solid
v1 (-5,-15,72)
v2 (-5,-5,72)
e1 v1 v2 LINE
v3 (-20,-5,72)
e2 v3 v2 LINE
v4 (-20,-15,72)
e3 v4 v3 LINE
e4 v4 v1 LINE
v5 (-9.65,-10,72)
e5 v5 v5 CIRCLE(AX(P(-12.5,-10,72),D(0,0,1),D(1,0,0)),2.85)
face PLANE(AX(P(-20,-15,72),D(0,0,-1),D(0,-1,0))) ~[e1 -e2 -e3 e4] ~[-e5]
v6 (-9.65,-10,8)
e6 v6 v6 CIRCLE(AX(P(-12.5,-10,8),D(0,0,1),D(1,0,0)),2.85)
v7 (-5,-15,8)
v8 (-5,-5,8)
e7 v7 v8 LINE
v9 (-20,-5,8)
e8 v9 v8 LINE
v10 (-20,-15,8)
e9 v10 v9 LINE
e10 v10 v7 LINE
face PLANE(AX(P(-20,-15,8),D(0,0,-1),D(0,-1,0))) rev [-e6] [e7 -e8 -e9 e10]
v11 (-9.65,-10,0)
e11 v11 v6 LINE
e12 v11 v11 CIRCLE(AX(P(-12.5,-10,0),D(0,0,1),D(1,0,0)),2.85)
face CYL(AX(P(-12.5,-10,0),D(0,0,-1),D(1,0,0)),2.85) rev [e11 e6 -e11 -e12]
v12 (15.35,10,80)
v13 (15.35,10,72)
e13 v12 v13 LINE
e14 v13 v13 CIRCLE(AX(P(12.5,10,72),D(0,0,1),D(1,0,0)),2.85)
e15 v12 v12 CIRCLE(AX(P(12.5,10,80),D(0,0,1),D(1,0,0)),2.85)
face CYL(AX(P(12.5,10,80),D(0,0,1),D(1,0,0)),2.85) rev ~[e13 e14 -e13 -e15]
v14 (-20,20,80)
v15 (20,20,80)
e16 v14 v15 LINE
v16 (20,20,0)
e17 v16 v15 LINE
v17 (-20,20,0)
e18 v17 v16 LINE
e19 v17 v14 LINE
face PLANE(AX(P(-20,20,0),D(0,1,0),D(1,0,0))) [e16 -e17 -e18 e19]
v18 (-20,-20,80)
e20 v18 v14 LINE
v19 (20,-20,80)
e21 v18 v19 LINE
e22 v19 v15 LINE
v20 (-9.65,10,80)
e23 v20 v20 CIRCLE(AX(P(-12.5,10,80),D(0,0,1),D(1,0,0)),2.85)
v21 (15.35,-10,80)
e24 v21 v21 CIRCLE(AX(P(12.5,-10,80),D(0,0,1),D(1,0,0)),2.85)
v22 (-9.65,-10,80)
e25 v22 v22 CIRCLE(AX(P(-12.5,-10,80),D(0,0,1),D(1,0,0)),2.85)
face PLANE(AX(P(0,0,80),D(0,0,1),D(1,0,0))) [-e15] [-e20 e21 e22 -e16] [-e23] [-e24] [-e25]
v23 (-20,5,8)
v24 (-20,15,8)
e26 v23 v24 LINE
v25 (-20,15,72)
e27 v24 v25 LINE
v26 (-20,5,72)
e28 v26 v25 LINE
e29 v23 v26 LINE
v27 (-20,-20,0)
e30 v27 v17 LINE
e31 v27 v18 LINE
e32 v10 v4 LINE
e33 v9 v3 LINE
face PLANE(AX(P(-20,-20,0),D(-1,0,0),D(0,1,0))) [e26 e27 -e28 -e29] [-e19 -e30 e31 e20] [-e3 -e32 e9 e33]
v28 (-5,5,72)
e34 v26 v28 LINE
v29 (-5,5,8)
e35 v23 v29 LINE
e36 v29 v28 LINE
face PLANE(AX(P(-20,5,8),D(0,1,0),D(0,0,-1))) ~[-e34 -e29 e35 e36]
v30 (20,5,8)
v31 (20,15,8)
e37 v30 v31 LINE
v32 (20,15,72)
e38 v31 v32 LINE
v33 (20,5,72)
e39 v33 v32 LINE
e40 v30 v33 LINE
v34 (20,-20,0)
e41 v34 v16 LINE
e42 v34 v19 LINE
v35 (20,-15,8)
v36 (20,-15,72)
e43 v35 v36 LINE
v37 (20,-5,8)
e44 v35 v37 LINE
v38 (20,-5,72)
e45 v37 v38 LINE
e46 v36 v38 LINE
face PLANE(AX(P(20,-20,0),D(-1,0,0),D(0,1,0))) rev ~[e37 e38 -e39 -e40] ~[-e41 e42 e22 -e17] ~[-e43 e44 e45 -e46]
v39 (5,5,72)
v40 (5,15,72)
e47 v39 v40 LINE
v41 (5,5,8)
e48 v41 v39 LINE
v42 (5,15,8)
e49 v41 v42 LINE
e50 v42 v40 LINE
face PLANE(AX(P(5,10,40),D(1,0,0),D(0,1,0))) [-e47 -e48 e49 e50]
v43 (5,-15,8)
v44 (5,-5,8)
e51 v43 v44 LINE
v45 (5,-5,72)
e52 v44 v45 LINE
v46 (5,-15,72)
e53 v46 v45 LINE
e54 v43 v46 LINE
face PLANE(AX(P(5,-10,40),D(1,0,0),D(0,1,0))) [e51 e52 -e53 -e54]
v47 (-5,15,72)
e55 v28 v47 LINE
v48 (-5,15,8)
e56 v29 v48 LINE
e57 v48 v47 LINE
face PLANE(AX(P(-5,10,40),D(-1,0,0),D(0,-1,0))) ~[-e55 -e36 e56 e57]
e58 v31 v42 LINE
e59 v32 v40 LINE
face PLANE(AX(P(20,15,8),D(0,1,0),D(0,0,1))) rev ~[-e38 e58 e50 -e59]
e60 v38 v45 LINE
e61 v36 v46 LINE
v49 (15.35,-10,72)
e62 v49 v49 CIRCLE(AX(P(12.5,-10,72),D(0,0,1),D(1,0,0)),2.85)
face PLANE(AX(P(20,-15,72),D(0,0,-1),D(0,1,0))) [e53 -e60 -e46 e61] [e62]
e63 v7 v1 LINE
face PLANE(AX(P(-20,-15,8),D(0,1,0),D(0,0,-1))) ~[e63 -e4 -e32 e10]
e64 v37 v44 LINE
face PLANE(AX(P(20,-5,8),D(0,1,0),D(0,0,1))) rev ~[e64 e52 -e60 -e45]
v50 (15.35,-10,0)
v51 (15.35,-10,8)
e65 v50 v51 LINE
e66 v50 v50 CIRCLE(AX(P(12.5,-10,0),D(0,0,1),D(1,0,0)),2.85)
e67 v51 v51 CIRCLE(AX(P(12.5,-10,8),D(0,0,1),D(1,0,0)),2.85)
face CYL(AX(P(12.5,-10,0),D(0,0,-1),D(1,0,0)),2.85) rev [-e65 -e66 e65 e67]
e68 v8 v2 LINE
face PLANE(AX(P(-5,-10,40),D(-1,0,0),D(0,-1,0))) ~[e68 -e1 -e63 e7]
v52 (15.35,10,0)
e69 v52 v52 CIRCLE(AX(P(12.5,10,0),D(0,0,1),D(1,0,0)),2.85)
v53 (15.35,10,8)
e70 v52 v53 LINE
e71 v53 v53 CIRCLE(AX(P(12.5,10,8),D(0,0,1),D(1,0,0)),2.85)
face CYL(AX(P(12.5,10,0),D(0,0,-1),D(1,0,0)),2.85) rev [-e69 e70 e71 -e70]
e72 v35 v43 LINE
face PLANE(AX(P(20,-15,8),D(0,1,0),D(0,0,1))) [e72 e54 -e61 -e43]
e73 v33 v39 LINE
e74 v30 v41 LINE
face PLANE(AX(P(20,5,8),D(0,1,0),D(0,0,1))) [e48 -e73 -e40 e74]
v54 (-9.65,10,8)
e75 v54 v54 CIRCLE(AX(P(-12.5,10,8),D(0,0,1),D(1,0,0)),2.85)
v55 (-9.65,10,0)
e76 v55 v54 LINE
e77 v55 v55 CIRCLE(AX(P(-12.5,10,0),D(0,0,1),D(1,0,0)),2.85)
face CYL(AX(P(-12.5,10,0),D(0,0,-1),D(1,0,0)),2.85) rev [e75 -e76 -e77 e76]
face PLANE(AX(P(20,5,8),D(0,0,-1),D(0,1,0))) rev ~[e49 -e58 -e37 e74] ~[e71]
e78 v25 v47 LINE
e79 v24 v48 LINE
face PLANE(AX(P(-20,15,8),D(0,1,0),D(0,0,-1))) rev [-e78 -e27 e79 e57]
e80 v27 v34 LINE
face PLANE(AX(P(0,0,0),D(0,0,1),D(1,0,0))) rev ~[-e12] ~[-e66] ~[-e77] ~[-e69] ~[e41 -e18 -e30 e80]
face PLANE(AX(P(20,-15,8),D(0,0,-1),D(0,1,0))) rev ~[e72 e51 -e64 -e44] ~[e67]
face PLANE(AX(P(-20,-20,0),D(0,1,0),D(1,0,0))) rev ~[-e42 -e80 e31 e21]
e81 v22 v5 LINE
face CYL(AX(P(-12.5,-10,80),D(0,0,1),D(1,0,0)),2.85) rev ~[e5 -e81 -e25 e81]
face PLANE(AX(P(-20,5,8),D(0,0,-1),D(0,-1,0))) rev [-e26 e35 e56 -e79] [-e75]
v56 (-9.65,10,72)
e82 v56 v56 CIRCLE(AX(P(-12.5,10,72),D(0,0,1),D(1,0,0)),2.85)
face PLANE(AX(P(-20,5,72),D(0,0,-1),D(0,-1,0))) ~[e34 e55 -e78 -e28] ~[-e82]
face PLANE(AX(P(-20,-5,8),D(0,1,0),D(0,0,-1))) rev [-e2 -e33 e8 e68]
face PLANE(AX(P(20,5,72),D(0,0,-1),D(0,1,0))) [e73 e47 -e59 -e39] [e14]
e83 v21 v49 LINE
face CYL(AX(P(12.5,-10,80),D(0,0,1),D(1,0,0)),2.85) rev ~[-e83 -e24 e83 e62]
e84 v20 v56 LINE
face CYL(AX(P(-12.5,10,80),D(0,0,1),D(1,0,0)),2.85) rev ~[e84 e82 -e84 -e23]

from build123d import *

# Parameters (mm, degrees)
F0_W     = 40
F0_H     = 40
F1_DEPTH = 80
F2_W     = 10
F2_H     = 64
F3_DEPTH = 15
F6_R     = 2.85
F7_DEPTH = 8


with BuildPart() as f1:
    # F0 (on Top) → F1 (new body)
    with BuildSketch(Plane.XY):
        Rectangle(F0_W, F0_H)
    extrude(amount=F1_DEPTH)


with BuildPart() as f3:
    # F2 (on face) → F3 (new body)
    with BuildSketch(Plane.YZ.offset(20)):
        with Locations((-10, 40)):
            Rectangle(F2_W, F2_H)
        with Locations((10, 40)):
            Rectangle(F2_W, F2_H)
    extrude(amount=-F3_DEPTH)


with BuildPart() as f4_1:
    # F4: instance of F3
    add(f3.part.mirror(Plane.YZ))


with BuildPart() as f1_1:
    add(f1.part)

    # F5: cut F3, F4_1
    add(f3.part, mode=Mode.SUBTRACT)
    add(f4_1.part, mode=Mode.SUBTRACT)


with BuildPart() as f7:
    # F6 (on face) → F7 (new body, through all)
    with BuildSketch(Plane.XY.offset(80)):
        with Locations((12.5, -10)):
            Circle(F6_R)
        with Locations((12.5, 10)):
            Circle(F6_R)
        with Locations((-12.5, 10)):
            Circle(F6_R)
        with Locations((-12.5, -10)):
            Circle(F6_R)
    extrude(amount=-F7_DEPTH)


with BuildPart() as f9_1:
    # F9: instance of F7
    add(f7.part.mirror(Plane(origin=(12.5, 10, 40), x_dir=(1, 0, 0), z_dir=(0, 0, 1))))


with BuildPart() as f1_2:
    add(f1_1.part)

    # F10: cut F7, F9_1
    add(f7.part, mode=Mode.SUBTRACT)
    add(f9_1.part, mode=Mode.SUBTRACT)


solid = f1_2.part
